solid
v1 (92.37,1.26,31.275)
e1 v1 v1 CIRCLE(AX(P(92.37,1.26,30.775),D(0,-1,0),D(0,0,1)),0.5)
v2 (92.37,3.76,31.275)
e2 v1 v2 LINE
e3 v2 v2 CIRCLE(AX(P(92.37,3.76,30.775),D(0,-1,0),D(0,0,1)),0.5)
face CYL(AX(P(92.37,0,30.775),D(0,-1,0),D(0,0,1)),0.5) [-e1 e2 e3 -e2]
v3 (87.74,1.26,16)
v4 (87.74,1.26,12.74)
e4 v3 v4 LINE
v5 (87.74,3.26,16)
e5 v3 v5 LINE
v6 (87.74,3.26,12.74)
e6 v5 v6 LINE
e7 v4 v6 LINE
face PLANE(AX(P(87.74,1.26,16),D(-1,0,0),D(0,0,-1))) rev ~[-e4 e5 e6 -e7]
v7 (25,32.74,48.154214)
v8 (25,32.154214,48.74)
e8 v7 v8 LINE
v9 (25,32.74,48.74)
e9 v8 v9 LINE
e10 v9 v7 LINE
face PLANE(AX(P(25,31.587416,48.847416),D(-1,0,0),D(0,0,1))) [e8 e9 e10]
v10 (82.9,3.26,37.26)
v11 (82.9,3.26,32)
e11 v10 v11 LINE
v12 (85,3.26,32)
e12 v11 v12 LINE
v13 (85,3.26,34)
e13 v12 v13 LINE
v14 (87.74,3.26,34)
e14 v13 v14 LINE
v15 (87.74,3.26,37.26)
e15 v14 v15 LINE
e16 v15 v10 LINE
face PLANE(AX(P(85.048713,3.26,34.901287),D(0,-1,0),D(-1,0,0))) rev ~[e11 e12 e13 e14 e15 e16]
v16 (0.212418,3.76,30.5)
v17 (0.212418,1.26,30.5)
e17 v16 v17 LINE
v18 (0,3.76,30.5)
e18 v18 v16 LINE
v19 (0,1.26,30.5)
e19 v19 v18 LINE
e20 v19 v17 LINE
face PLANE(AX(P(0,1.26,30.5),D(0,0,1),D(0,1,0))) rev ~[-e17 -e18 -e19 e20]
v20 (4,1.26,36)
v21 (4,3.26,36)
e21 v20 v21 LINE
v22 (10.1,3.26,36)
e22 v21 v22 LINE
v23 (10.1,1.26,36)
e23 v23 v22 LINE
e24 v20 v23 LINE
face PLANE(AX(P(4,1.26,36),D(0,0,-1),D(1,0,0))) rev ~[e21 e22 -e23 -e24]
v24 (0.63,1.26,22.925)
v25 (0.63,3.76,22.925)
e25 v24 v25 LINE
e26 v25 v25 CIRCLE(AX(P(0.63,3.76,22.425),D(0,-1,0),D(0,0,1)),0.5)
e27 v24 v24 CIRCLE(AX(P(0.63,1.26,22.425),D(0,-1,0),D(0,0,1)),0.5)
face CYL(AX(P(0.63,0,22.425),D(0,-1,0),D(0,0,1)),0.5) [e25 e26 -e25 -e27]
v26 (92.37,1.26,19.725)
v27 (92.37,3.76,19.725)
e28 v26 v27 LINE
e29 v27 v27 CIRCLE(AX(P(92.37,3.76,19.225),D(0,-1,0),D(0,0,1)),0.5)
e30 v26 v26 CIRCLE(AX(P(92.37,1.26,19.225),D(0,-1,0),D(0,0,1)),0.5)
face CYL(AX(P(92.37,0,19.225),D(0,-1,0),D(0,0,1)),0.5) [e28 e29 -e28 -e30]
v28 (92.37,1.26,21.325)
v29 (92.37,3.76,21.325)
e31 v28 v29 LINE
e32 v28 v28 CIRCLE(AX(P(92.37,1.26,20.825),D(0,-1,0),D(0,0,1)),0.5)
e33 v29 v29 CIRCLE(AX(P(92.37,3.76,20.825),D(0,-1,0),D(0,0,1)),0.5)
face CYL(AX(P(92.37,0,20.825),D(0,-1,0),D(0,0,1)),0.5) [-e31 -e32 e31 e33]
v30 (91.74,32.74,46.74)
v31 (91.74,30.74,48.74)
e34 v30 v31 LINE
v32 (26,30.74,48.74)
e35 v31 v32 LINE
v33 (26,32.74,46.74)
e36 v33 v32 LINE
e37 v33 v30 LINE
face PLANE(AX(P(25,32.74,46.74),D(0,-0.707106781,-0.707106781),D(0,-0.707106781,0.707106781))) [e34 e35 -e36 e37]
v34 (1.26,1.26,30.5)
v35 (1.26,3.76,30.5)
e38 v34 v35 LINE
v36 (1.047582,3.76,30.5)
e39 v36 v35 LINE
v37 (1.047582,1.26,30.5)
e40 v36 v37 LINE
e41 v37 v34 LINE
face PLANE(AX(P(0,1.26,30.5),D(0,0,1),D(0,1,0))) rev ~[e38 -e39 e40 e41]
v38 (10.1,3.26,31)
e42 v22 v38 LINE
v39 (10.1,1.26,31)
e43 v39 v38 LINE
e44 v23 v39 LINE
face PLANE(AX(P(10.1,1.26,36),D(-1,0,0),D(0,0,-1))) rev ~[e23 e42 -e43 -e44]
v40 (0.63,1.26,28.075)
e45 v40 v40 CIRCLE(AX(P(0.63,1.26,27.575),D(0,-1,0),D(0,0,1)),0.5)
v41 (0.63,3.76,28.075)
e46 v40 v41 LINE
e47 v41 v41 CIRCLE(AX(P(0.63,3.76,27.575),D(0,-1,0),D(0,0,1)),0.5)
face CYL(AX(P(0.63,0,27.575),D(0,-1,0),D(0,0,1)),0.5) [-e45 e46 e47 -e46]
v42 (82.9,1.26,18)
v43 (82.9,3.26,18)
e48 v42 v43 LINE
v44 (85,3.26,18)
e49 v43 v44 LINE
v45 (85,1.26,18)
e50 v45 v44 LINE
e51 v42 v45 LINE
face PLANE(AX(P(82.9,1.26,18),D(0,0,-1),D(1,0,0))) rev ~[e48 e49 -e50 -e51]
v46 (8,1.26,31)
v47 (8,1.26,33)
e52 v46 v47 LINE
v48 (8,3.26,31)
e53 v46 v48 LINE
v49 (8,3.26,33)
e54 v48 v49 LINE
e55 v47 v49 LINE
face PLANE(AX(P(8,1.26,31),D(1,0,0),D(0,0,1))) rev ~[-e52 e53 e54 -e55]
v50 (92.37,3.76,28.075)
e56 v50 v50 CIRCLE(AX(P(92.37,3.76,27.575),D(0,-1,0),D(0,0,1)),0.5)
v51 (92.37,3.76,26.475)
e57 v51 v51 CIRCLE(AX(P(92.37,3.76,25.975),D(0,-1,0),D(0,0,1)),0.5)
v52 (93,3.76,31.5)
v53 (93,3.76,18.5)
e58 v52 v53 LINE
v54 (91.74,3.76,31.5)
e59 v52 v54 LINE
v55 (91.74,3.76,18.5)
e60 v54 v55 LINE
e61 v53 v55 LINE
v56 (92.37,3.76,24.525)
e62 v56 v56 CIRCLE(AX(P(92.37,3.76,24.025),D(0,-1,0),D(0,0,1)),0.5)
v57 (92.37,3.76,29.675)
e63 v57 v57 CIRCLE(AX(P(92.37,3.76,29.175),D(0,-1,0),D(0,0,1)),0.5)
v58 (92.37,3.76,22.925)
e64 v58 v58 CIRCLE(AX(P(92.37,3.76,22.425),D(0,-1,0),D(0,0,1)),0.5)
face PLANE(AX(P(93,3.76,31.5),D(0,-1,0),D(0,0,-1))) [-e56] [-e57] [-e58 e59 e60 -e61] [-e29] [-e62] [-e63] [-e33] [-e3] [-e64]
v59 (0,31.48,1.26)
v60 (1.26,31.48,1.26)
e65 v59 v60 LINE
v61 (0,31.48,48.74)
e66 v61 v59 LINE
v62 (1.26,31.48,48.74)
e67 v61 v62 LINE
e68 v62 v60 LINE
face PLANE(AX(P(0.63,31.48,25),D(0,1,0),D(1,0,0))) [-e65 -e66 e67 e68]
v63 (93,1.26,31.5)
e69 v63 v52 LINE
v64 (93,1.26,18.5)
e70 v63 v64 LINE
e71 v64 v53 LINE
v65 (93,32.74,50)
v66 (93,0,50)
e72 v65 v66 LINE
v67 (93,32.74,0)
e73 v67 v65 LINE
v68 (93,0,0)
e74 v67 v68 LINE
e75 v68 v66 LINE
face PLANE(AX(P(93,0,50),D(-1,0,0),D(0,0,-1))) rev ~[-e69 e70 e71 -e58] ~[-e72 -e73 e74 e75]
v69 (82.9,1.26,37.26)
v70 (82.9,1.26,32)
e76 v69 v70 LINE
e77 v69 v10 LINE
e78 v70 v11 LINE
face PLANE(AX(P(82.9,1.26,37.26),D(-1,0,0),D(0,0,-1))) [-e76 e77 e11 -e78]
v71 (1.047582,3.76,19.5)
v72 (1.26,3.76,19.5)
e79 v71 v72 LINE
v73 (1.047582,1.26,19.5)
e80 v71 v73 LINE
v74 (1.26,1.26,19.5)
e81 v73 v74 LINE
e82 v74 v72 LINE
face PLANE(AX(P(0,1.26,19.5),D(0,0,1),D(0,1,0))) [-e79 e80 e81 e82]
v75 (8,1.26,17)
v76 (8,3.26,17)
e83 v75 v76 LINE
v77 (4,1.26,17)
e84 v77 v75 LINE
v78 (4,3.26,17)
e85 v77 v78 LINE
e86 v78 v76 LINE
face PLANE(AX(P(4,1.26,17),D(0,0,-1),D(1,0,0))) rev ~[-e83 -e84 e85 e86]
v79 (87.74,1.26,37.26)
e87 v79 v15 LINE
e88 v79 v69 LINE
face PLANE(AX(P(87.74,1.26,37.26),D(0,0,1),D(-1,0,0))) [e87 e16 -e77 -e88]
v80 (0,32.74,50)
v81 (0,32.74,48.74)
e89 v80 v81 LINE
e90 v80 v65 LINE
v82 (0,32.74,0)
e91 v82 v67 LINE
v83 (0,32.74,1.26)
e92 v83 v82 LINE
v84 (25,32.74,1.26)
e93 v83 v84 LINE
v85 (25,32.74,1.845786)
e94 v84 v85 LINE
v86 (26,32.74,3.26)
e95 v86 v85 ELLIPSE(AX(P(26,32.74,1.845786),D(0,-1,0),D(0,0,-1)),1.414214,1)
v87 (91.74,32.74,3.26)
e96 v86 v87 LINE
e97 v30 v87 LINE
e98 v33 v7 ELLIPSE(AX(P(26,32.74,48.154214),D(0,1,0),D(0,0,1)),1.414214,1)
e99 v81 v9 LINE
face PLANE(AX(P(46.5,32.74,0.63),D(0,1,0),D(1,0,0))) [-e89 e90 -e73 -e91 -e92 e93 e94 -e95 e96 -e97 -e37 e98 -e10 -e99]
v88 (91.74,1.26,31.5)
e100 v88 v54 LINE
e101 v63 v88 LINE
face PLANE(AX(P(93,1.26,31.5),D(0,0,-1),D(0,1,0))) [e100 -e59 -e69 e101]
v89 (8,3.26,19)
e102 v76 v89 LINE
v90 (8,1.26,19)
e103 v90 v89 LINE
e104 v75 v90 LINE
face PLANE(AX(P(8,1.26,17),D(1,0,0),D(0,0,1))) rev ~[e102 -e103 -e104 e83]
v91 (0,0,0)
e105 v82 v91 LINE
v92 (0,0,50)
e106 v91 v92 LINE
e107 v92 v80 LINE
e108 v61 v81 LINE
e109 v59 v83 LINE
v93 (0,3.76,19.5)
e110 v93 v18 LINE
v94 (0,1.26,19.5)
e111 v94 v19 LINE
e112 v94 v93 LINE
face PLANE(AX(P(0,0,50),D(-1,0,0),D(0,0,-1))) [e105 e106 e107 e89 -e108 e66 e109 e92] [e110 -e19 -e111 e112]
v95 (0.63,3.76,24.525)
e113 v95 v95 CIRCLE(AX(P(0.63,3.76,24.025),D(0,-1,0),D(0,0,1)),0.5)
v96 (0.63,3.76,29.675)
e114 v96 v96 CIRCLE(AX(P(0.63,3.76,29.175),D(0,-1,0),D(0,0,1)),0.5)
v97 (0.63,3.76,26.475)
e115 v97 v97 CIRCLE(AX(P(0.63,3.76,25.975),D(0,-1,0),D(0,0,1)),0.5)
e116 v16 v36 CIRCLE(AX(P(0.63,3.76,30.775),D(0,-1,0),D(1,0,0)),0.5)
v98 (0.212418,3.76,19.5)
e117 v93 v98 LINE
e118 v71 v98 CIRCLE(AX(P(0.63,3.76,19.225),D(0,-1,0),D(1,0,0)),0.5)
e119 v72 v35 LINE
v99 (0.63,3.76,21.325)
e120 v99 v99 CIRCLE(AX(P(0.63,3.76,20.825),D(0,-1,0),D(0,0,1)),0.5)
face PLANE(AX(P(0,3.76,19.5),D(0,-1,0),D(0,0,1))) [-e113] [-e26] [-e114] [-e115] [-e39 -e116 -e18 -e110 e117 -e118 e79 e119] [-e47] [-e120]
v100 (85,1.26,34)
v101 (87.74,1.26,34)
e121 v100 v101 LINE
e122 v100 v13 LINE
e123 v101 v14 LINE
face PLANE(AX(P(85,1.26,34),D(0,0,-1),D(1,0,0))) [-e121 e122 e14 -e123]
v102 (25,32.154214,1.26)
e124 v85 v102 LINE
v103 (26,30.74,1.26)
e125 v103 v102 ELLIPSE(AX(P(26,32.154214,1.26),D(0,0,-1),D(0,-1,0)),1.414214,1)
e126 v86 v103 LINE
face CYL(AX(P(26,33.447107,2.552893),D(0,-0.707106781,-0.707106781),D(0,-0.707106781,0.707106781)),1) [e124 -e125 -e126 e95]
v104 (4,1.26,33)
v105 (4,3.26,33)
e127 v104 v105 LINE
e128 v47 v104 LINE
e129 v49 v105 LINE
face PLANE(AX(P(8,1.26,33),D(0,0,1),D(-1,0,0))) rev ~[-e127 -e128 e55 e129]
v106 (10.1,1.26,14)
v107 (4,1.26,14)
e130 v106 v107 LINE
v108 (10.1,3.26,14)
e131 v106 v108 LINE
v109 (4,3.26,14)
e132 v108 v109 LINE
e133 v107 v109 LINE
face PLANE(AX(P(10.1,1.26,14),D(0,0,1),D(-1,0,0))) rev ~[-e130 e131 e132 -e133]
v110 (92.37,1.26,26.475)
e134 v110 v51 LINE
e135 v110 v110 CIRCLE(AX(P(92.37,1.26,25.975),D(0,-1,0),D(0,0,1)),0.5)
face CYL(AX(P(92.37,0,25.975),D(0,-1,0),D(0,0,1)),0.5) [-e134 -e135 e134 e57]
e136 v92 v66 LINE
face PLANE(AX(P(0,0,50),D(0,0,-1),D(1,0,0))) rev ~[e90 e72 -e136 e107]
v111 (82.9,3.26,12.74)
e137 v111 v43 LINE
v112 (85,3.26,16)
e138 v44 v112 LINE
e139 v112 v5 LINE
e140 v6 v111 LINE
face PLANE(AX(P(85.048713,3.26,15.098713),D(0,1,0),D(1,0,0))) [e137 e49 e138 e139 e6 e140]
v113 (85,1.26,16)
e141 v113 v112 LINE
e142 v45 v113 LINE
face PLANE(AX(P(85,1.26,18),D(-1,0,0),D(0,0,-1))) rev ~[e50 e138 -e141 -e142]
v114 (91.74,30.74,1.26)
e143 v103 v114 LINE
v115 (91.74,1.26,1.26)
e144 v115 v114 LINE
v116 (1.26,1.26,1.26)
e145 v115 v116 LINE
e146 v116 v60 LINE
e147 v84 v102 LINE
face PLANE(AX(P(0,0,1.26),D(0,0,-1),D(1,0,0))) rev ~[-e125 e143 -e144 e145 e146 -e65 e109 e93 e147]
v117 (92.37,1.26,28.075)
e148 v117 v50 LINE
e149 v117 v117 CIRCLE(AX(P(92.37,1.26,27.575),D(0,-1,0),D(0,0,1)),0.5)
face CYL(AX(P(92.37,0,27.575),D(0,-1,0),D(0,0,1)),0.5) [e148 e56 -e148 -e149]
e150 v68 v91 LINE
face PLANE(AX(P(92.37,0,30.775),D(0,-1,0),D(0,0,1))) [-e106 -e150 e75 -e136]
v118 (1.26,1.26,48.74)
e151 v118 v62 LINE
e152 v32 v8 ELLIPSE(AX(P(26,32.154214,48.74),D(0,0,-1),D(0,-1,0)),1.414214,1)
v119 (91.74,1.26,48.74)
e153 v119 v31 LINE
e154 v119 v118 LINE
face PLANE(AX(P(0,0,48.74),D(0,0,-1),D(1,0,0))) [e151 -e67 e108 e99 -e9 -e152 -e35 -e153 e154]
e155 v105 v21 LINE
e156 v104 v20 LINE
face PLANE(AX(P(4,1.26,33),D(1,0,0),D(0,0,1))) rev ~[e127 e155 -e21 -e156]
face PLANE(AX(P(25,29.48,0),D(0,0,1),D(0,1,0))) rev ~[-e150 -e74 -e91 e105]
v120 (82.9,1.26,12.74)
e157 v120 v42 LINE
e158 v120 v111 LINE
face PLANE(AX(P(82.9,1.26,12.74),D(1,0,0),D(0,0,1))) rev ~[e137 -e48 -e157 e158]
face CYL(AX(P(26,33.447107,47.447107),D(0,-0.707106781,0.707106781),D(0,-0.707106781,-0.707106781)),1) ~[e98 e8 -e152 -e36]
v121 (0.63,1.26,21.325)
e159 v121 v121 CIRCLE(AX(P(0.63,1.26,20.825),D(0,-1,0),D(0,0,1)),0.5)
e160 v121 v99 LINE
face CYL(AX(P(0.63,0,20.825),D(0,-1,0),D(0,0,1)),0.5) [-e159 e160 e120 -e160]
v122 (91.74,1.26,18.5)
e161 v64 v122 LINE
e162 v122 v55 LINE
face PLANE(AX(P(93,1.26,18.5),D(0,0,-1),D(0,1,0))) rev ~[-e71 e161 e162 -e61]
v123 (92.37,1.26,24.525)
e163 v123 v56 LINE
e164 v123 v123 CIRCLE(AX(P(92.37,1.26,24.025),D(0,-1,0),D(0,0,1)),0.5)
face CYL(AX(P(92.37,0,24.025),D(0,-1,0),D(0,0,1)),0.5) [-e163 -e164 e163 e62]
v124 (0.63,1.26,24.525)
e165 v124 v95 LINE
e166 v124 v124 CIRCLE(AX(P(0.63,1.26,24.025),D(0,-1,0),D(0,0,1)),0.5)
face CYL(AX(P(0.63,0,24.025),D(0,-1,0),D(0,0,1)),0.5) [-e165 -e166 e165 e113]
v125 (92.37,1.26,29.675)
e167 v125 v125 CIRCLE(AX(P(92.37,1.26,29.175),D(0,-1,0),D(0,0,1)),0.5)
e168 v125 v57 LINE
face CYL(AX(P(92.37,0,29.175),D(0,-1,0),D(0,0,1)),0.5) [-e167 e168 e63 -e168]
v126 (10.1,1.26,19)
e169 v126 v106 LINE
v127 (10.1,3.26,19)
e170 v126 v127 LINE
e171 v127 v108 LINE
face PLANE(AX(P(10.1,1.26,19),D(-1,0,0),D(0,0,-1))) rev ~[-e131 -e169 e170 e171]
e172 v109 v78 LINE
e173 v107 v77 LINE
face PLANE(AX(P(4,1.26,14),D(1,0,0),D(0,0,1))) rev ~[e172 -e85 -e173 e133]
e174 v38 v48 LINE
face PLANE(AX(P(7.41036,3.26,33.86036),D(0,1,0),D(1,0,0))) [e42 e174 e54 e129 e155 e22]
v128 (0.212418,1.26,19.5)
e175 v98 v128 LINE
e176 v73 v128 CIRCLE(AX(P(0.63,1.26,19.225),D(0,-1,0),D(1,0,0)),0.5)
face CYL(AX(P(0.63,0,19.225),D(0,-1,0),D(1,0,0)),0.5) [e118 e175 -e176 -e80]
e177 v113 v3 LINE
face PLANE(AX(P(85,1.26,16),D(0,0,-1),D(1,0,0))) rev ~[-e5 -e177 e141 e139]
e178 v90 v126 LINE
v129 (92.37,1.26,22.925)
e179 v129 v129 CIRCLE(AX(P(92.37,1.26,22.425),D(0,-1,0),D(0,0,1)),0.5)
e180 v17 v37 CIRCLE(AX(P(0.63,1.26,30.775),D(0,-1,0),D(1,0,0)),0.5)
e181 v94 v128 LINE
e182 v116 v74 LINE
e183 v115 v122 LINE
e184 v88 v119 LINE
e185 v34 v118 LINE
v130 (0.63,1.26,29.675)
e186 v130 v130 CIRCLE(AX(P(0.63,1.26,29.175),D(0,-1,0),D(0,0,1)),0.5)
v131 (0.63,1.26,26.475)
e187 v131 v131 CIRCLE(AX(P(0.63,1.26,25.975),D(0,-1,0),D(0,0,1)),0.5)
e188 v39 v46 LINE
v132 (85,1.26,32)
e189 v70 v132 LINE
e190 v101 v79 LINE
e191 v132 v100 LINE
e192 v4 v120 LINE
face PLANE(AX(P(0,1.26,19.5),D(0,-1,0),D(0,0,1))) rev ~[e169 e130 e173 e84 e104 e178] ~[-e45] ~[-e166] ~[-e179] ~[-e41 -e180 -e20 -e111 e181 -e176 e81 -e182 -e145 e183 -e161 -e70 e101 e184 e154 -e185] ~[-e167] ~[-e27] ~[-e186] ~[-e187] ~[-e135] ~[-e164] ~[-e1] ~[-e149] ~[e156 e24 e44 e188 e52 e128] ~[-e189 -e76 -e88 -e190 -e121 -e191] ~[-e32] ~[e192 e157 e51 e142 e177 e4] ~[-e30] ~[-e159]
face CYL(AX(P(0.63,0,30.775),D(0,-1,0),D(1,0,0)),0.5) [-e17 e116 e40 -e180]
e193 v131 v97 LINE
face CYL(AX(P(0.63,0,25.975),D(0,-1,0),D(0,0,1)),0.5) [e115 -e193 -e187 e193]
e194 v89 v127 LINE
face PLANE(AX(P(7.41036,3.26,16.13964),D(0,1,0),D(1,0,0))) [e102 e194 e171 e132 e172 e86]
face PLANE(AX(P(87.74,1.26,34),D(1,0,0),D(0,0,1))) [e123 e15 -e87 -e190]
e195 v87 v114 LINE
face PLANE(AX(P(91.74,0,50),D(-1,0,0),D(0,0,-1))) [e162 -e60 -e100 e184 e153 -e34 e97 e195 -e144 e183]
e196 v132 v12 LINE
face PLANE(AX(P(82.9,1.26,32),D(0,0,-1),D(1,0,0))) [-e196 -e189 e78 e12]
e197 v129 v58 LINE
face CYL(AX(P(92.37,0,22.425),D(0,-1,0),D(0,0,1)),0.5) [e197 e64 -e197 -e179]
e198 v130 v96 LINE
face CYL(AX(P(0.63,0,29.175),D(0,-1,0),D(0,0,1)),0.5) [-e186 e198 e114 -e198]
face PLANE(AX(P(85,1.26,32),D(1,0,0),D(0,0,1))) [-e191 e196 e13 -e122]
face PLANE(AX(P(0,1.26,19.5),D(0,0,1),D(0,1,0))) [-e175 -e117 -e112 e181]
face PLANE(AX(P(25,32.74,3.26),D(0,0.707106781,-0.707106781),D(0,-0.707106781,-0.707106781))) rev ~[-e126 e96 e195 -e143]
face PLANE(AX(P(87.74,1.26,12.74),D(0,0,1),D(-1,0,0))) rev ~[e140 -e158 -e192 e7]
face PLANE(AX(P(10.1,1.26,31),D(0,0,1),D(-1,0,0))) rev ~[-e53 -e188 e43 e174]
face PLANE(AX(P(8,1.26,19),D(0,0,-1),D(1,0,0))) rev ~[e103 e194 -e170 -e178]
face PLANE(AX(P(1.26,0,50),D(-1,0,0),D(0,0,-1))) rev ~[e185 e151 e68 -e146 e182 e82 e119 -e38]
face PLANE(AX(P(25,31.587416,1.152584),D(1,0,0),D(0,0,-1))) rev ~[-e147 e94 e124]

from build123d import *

# Parameters (mm, degrees)
ESBO_O1_W                = 93
ESBO_O1_H                = 50
RESSALTO_EXTRUS_O1_DEPTH = 1.26
ESBO_O2_W                = 93
ESBO_O2_H                = 1.26
RESSALTO_EXTRUS_O2_DEPTH = 32.74
ESBO_O3_W                = 1.26
ESBO_O3_H                = 50
RESSALTO_EXTRUS_O4_DEPTH = 32.74
RESSALTO_EXTRUS_O5_START = 25
RESSALTO_EXTRUS_O5_DEPTH = 67
FILETE1_R                = 1
FILETE2_R                = 1
ESBO_O6_W                = 1.26
ESBO_O6_H                = 50
RESSALTO_EXTRUS_O6_DEPTH = 31.48
ESBO_O7_W                = 11
ESBO_O7_H                = 2.5
CORTE_EXTRUS_O1_DEPTH    = 1.26
ESBO_O8_W                = 13
ESBO_O8_H                = 2.5
CORTE_EXTRUS_O2_DEPTH    = 1.26
RESSALTO_EXTRUS_O7_DEPTH = 2
RESSALTO_EXTRUS_O8_DEPTH = 2
ESBO_O13_R               = 0.5
RESSALTO_EXTRUS_O9_DEPTH = 4


with BuildPart() as part:
    # Esboço1 → Ressalto-extrusão1 (new body)
    with BuildSketch(Plane(origin=(0, 0, 0), x_dir=(1, 0, 0), z_dir=(0, 1, 0))):
        with Locations((46.5, -25)):
            Rectangle(ESBO_O1_W, ESBO_O1_H)
    extrude(amount=RESSALTO_EXTRUS_O1_DEPTH)

    # Esboço2 → Ressalto-extrusão2 (add)
    with BuildSketch(Plane(origin=(0, 0, 0), x_dir=(1, 0, 0), z_dir=(0, 1, 0))):
        with Locations((46.5, -0.63)):
            Rectangle(ESBO_O2_W, ESBO_O2_H)
        with Locations((46.5, -49.37)):
            Rectangle(ESBO_O2_W, ESBO_O2_H)
    extrude(amount=RESSALTO_EXTRUS_O2_DEPTH)

    # Esboço3 → Ressalto-extrusão4 (add)
    with BuildSketch(Plane(origin=(0, 0, 0), x_dir=(1, 0, 0), z_dir=(0, 1, 0))):
        with Locations((92.37, -25)):
            Rectangle(ESBO_O3_W, ESBO_O3_H)
    extrude(amount=RESSALTO_EXTRUS_O4_DEPTH)

    # Esboço5 → Ressalto-extrusão5 (add)
    with BuildSketch(Plane(origin=(0, 0, 0), x_dir=(0, 0, -1), z_dir=(1, 0, 0)).offset(RESSALTO_EXTRUS_O5_START)):
        Polygon((0, 32.74), (-3.26, 32.74), (0, 29.48), align=None)
        Polygon((-50, 32.74), (-46.74, 32.74), (-50, 29.48), align=None)
    extrude(amount=RESSALTO_EXTRUS_O5_DEPTH)

    # Filete1
    filete1_edges = [part.edges().sort_by_distance(p)[0] for p in [
        (25, 31.74, 47.74),
    ]]
    fillet(filete1_edges, radius=FILETE1_R)

    # Filete2
    filete2_edges = [part.edges().sort_by_distance(p)[0] for p in [
        (25, 31.74, 2.26),
    ]]
    fillet(filete2_edges, radius=FILETE2_R)

    # Esboço6 → Ressalto-extrusão6 (add)
    with BuildSketch(Plane(origin=(0, 0, 0), x_dir=(1, 0, 0), z_dir=(0, 1, 0))):
        with Locations((0.63, -25)):
            Rectangle(ESBO_O6_W, ESBO_O6_H)
    extrude(amount=RESSALTO_EXTRUS_O6_DEPTH)

    # Esboço7 → Corte-extrusão1 (cut)
    with BuildSketch(Plane.ZY):
        with Locations((25, 2.51)):
            Rectangle(ESBO_O7_W, ESBO_O7_H)
    extrude(amount=-CORTE_EXTRUS_O1_DEPTH, mode=Mode.SUBTRACT)

    # Esboço8 → Corte-extrusão2 (cut)
    with BuildSketch(Plane(origin=(93, 0, 0), x_dir=(0, 0, -1), z_dir=(1, 0, 0))):
        with Locations((-25, 2.51)):
            Rectangle(ESBO_O8_W, ESBO_O8_H)
    extrude(amount=-CORTE_EXTRUS_O2_DEPTH, mode=Mode.SUBTRACT)

    # Esboço10 → Ressalto-extrusão7 (add)
    with BuildSketch(Plane(origin=(0, 1.26, 0), x_dir=(1, 0, 0), z_dir=(0, 1, 0))):
        Polygon((4, -14), (4, -17), (8, -17), (8, -19), (10.1, -19), (10.1, -14), align=None)
        Polygon((4, -33), (4, -36), (10.1, -36), (10.1, -31), (8, -31), (8, -33), align=None)
    extrude(amount=RESSALTO_EXTRUS_O7_DEPTH)

    # Esboço11 → Ressalto-extrusão8 (add)
    with BuildSketch(Plane(origin=(0, 1.26, 0), x_dir=(1, 0, 0), z_dir=(0, 1, 0))):
        Polygon((87.74, -12.74), (82.9, -12.74), (82.9, -18), (85, -18), (85, -16), (87.74, -16), align=None)
        Polygon((87.74, -34), (87.74, -37.26), (82.9, -37.26), (82.9, -32), (85, -32), (85, -34), align=None)
    extrude(amount=RESSALTO_EXTRUS_O8_DEPTH)

    # Esboço13 → Ressalto-extrusão9 (add)
    with BuildSketch(Plane.XZ):
        with Locations(Location((92.37, 30.775, 0), (0, 0, 90))):
            Circle(ESBO_O13_R)
        with Locations(Location((92.37, 29.175, 0), (0, 0, 90))):
            Circle(ESBO_O13_R)
        with Locations(Location((92.37, 27.575, 0), (0, 0, 90))):
            Circle(ESBO_O13_R)
        with Locations(Location((92.37, 25.975, 0), (0, 0, 90))):
            Circle(ESBO_O13_R)
        with Locations(Location((92.37, 24.025, 0), (0, 0, 90))):
            Circle(ESBO_O13_R)
        with Locations(Location((92.37, 22.425, 0), (0, 0, 90))):
            Circle(ESBO_O13_R)
        with Locations(Location((92.37, 20.825, 0), (0, 0, 90))):
            Circle(ESBO_O13_R)
        with Locations(Location((92.37, 19.225, 0), (0, 0, 90))):
            Circle(ESBO_O13_R)
        with Locations((0.63, 19.225)):
            Circle(ESBO_O13_R)
        with Locations(Location((0.63, 20.825, 0), (0, 0, 90))):
            Circle(ESBO_O13_R)
        with Locations(Location((0.63, 22.425, 0), (0, 0, 90))):
            Circle(ESBO_O13_R)
        with Locations(Location((0.63, 24.025, 0), (0, 0, 90))):
            Circle(ESBO_O13_R)
        with Locations(Location((0.63, 25.975, 0), (0, 0, 90))):
            Circle(ESBO_O13_R)
        with Locations(Location((0.63, 27.575, 0), (0, 0, 90))):
            Circle(ESBO_O13_R)
        with Locations(Location((0.63, 29.175, 0), (0, 0, 90))):
            Circle(ESBO_O13_R)
        with Locations((0.63, 30.775)):
            Circle(ESBO_O13_R)
    extrude(amount=-RESSALTO_EXTRUS_O9_DEPTH)


solid = part.part
